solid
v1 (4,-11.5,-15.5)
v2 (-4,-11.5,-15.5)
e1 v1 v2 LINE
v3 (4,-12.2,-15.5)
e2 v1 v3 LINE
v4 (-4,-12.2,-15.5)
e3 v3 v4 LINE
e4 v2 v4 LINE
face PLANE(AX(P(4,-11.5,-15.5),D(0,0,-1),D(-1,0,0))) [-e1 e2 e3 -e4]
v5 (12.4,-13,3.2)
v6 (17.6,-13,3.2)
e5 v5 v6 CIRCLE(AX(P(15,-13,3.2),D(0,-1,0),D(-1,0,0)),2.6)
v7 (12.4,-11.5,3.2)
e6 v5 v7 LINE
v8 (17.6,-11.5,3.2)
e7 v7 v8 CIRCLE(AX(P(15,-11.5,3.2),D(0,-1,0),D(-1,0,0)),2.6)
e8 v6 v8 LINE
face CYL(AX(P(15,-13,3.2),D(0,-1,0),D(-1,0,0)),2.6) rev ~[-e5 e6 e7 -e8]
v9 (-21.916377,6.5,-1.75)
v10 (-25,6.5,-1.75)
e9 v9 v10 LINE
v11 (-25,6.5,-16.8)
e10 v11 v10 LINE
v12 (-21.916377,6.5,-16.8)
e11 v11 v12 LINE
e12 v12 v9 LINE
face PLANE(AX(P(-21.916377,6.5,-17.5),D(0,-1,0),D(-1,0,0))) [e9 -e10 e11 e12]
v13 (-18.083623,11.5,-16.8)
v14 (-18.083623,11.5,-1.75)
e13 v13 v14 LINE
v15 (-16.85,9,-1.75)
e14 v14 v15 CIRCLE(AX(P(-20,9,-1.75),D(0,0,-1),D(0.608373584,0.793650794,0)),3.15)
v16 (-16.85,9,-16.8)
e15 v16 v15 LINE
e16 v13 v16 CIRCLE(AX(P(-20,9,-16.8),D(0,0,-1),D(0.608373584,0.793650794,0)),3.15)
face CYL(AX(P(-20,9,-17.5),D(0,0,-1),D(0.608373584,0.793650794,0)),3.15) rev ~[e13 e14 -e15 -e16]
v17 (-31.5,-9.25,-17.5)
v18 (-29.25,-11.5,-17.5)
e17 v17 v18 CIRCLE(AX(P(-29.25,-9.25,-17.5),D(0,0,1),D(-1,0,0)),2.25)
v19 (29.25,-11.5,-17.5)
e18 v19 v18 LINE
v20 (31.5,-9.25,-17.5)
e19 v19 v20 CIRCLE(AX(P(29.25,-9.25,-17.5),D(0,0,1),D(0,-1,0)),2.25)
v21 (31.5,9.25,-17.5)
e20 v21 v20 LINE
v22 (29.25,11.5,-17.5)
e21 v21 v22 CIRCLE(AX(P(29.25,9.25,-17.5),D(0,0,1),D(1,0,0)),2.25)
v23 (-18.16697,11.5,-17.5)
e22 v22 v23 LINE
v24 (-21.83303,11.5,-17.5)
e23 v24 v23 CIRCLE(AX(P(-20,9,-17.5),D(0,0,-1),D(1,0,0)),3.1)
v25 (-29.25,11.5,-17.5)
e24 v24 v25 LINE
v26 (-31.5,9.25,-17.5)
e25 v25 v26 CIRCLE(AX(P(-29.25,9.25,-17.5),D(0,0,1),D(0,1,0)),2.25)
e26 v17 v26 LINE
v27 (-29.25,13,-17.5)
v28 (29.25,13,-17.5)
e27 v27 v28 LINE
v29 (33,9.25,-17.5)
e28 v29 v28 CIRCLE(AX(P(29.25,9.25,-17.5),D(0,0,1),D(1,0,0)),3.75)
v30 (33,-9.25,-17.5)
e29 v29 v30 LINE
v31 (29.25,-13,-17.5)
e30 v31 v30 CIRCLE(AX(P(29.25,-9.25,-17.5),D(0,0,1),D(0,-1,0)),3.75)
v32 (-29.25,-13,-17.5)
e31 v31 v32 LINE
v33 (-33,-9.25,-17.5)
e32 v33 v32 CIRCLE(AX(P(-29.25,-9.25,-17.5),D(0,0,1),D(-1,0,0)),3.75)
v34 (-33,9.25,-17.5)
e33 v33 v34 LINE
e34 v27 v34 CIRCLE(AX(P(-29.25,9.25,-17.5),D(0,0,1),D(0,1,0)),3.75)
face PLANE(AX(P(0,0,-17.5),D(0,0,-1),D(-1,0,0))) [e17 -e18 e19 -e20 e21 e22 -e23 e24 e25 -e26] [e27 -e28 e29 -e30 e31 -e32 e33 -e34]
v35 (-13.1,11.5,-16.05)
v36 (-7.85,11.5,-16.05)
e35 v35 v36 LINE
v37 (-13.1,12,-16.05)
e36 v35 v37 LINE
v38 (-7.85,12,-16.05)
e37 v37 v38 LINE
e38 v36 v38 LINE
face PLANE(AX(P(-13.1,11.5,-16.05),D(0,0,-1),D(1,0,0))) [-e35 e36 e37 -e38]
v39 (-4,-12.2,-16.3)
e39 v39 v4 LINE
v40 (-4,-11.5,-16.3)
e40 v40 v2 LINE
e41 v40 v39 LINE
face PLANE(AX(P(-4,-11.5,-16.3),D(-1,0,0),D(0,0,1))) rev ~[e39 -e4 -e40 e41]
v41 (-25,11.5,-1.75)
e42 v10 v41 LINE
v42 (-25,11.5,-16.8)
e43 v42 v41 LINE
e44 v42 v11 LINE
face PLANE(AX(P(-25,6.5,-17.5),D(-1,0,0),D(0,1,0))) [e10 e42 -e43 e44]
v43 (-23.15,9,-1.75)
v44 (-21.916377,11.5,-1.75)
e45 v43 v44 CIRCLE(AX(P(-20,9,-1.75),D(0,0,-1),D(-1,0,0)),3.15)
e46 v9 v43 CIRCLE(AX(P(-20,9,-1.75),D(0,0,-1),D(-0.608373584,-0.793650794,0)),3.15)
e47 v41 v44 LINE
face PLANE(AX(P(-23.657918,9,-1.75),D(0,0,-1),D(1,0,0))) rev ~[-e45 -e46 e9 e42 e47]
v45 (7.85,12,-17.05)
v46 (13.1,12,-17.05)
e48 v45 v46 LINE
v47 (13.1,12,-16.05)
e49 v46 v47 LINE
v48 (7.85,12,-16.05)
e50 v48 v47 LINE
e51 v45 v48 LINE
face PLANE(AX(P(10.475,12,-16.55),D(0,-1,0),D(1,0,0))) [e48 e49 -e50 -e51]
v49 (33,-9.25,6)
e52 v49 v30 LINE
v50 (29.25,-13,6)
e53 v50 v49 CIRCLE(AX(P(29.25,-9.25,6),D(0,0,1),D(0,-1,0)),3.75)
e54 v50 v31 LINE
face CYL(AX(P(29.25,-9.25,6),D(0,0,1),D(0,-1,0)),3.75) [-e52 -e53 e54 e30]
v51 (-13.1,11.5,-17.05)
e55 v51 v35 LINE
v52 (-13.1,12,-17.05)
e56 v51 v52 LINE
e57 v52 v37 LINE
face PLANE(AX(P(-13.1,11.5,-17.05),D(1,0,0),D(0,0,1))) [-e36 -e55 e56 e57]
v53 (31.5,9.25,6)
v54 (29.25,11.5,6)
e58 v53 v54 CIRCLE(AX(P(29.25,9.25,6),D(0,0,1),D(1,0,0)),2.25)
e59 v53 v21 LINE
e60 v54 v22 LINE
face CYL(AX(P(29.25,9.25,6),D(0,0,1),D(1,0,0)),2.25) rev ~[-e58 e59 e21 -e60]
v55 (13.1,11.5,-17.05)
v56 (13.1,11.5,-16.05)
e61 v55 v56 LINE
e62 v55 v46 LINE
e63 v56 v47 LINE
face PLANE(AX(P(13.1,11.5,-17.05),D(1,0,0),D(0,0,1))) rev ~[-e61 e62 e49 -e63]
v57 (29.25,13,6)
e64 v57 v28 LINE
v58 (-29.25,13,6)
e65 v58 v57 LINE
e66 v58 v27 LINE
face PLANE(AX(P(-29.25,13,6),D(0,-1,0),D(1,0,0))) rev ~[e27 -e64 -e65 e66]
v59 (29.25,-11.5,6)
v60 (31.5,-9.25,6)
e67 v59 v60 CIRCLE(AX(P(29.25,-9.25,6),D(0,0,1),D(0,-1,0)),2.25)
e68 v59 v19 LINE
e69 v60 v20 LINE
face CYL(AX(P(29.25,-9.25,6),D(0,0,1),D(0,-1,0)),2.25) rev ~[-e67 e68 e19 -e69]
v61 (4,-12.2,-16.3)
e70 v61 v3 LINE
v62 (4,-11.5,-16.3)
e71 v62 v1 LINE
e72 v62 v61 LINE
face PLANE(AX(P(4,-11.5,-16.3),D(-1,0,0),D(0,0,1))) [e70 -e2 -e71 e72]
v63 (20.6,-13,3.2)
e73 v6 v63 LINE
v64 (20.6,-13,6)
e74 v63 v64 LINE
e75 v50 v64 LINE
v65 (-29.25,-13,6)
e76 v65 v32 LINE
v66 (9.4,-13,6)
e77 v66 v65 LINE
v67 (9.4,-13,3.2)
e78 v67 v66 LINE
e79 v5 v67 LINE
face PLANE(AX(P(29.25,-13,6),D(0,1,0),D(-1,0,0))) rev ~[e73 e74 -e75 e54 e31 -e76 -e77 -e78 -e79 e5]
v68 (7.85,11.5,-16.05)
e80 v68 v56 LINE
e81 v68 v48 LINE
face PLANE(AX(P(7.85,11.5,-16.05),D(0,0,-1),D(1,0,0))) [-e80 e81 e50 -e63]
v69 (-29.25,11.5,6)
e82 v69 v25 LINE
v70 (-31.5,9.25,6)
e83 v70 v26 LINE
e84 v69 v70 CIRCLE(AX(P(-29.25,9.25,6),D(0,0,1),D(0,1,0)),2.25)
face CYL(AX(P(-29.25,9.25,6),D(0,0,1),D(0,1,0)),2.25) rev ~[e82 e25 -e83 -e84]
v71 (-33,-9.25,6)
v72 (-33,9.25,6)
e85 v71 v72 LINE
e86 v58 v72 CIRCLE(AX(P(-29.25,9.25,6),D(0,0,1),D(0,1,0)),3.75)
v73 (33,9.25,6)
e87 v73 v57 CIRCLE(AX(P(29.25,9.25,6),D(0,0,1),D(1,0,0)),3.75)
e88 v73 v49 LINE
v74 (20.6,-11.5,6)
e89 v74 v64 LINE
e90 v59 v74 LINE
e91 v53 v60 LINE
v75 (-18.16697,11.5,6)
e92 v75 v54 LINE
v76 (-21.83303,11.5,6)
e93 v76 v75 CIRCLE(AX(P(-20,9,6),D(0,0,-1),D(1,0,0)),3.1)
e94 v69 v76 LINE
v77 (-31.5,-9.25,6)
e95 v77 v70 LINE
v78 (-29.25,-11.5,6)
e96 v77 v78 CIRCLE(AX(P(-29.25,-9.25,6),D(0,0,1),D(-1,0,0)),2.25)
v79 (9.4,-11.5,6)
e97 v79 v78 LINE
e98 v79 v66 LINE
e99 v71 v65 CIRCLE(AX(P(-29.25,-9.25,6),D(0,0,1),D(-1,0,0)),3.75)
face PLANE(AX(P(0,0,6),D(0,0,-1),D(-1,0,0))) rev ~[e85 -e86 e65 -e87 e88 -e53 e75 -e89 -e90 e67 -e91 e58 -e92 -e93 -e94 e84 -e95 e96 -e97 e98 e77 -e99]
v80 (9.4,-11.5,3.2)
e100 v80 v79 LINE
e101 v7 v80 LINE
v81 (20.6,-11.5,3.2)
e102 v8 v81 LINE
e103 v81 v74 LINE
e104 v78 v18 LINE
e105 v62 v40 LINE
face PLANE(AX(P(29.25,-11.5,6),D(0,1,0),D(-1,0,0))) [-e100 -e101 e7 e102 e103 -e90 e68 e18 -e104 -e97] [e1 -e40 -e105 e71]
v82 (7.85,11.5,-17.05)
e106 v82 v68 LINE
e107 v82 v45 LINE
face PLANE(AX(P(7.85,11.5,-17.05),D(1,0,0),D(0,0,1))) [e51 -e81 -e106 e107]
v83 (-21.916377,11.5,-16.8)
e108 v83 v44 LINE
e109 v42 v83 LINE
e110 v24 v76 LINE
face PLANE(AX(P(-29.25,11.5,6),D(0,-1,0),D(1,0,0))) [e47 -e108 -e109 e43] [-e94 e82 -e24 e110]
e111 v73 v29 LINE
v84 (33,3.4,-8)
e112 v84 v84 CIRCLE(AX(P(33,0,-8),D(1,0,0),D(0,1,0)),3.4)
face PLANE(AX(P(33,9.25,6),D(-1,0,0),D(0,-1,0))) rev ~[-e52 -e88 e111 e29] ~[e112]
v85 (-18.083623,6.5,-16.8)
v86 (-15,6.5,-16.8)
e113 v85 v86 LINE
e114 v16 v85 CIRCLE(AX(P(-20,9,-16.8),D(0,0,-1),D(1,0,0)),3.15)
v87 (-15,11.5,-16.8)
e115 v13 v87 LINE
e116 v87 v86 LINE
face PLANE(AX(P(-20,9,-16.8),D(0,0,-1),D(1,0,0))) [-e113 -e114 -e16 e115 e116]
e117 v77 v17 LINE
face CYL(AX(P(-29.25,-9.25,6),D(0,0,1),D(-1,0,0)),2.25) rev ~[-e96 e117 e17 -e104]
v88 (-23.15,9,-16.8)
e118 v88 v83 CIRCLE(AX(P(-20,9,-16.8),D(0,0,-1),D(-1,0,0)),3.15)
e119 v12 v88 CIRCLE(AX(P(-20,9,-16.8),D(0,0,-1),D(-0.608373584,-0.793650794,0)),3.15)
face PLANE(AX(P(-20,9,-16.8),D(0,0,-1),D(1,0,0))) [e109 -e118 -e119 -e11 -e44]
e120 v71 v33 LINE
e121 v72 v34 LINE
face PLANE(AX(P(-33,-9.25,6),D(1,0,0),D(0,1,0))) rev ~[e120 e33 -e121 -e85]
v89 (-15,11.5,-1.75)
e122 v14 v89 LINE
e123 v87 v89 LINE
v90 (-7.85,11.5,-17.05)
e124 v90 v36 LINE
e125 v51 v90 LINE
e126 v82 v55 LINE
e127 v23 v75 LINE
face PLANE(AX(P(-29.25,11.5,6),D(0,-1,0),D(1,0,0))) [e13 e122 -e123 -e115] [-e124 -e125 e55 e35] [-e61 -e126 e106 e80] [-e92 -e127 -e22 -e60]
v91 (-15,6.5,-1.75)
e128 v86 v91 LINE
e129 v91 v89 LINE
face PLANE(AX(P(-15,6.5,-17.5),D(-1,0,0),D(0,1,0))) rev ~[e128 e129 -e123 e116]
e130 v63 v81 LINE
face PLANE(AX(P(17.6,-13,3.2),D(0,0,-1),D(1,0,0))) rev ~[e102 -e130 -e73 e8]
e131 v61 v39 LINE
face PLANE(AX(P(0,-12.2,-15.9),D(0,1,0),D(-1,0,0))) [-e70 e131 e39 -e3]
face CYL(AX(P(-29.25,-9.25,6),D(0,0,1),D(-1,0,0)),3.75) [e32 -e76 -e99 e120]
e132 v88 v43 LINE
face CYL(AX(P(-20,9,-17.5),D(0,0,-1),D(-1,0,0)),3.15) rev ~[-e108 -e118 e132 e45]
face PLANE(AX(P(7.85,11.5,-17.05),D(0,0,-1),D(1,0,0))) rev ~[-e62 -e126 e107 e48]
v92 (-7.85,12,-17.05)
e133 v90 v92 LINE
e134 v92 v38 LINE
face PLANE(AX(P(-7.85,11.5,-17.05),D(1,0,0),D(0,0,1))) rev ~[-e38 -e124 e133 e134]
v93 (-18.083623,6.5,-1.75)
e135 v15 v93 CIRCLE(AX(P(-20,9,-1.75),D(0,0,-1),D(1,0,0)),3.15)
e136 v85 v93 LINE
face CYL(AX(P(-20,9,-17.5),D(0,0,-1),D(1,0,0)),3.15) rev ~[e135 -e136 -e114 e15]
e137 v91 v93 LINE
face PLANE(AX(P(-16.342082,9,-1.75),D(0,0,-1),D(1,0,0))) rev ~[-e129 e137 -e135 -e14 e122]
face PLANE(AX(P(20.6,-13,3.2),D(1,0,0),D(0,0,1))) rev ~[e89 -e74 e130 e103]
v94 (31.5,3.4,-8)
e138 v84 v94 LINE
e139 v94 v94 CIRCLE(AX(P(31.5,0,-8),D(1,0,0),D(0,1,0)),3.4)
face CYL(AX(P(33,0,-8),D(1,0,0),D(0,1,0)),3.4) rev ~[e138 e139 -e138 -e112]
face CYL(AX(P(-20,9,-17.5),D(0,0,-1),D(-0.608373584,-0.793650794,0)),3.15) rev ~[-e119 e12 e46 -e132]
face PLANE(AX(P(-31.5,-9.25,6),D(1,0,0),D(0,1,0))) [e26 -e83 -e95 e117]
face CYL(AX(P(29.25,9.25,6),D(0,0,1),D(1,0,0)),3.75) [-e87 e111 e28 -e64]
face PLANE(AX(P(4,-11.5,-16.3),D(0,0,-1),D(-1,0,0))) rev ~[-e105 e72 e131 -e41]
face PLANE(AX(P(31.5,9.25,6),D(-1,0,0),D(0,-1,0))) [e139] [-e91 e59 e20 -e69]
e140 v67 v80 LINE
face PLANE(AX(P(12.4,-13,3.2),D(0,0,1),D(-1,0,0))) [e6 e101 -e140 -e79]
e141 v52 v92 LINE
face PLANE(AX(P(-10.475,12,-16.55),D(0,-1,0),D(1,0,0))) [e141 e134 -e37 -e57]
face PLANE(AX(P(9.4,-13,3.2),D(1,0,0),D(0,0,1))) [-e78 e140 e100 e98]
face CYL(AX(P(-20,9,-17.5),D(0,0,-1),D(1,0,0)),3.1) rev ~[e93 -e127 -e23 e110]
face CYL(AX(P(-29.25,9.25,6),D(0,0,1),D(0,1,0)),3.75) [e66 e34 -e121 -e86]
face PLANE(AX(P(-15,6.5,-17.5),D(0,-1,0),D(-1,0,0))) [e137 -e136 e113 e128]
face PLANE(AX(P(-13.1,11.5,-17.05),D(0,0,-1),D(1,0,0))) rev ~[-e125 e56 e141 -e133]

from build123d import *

# Parameters (mm, degrees)
PAD_DEPTH       = 23.5
SKETCH014_W     = 8
SKETCH014_H     = 0.8
POCKET001_DEPTH = 0.7
SKETCH015_W     = 5.25
SKETCH015_H     = 1
POCKET002_DEPTH = 0.5
SKETCH020_R     = 3.4
POCKET005_DEPTH = 1.5
POCKET006_DEPTH = 1.5
SKETCH025_R     = 3.1
POCKET008_DEPTH = 23.5
PAD015_DEPTH    = 15.75
SKETCH029_W     = 10
SKETCH029_H     = 5
POCKET009_DEPTH = 0.7


with BuildPart() as part:
    # Sketch → Pad (new body)
    with BuildSketch(Plane.XY.offset(6)):
        with BuildLine():
            Line((-29.25, 13), (29.25, 13))
            ThreePointArc((33, 9.25), (31.9016504294, 11.9016504294), (29.25, 13))
            Line((33, 9.25), (33, -9.25))
            ThreePointArc((29.25, -13), (31.9016504295, -11.9016504294), (33, -9.25))
            Line((29.25, -13), (-29.25, -13))
            ThreePointArc((-33, -9.25), (-31.9016504294, -11.9016504295), (-29.25, -13))
            Line((-33, -9.25), (-33, 9.25))
            ThreePointArc((-29.25, 13), (-31.9016504294, 11.9016504294), (-33, 9.25))
        make_face()
        with BuildLine():
            Line((-29.25, 11.5), (29.25, 11.5))
            ThreePointArc((31.5, 9.25), (30.8409902577, 10.8409902577), (29.25, 11.5))
            Line((31.5, 9.25), (31.5, -9.25))
            ThreePointArc((29.25, -11.5), (30.8409902577, -10.8409902577), (31.5, -9.25))
            Line((29.25, -11.5), (-29.25, -11.5))
            ThreePointArc((-31.5, -9.25), (-30.8409902577, -10.8409902577), (-29.25, -11.5))
            Line((-31.5, -9.25), (-31.5, 9.25))
            ThreePointArc((-29.25, 11.5), (-30.8409902577, 10.8409902577), (-31.5, 9.25))
        make_face(mode=Mode.SUBTRACT)
    extrude(amount=-PAD_DEPTH)

    # Sketch014 → Pocket001 (cut)
    with BuildSketch(Plane(origin=(0, -11.5, 6), x_dir=(-1, 0, 0), z_dir=(0, 1, 0))):
        with Locations((0, -21.9)):
            Rectangle(SKETCH014_W, SKETCH014_H)
    extrude(amount=-POCKET001_DEPTH, mode=Mode.SUBTRACT)

    # Sketch015 → Pocket002 (cut)
    with BuildSketch(Plane(origin=(0, 11.5, 6), x_dir=(1, 0, 0), z_dir=(0, -1, 0))):
        with Locations((-10.475, -22.55)):
            Rectangle(SKETCH015_W, SKETCH015_H)
        with Locations((10.475, -22.55)):
            Rectangle(SKETCH015_W, SKETCH015_H)
    extrude(amount=-POCKET002_DEPTH, mode=Mode.SUBTRACT)

    # Sketch020 → Pocket005 (cut)
    with BuildSketch(Plane(origin=(33, 0, 6), x_dir=(0, 1, 0), z_dir=(1, 0, 0))):
        with Locations((0, -14)):
            Circle(SKETCH020_R)
    extrude(amount=-POCKET005_DEPTH, mode=Mode.SUBTRACT)

    # Sketch022 → Pocket006 (cut)
    with BuildSketch(Plane(origin=(0, -13, 6), x_dir=(1, 0, 0), z_dir=(0, -1, 0))):
        with BuildLine():
            ThreePointArc((12.4, -2.8), (15, -5.4), (17.6, -2.8))
            Line((17.6, -2.8), (20.6, -2.8))
            Line((20.6, -2.8), (20.6, 0.1))
            Line((9.4, 0.1), (20.6, 0.1))
            Line((9.4, -2.8), (9.4, 0.1))
            Line((12.4, -2.8), (9.4, -2.8))
        make_face()
    extrude(amount=-POCKET006_DEPTH, mode=Mode.SUBTRACT)

    # Sketch025 → Pocket008 (cut)
    with BuildSketch(Plane(origin=(0, 0, -17.5), x_dir=(1, 0, 0), z_dir=(0, 0, -1))):
        with Locations((-20, -9)):
            Circle(SKETCH025_R)
    extrude(amount=-POCKET008_DEPTH, mode=Mode.SUBTRACT)

    # Sketch026 → Pad015 (new body)
    with BuildSketch(Plane(origin=(0, 0, -17.5), x_dir=(1, 0, 0), z_dir=(0, 0, -1))):
        with BuildLine():
            Line((-15, -6.5), (-18.0836232103, -6.5))
            ThreePointArc((-16.85, -9), (-17.1751914324, -7.6061002345), (-18.0836232103, -6.5))
            ThreePointArc((-18.0836232103, -11.5), (-17.1751914324, -10.3938997655), (-16.85, -9))
            Line((-18.0836232103, -11.5), (-15, -11.5))
            Line((-15, -6.5), (-15, -11.5))
        make_face()
        with BuildLine():
            Line((-25, -11.5), (-21.9163767897, -11.5))
            ThreePointArc((-23.15, -9), (-22.8248085676, -10.3938997655), (-21.9163767897, -11.5))
            ThreePointArc((-21.9163767897, -6.5), (-22.8248085676, -7.6061002345), (-23.15, -9))
            Line((-21.9163767897, -6.5), (-25, -6.5))
            Line((-25, -6.5), (-25, -11.5))
        make_face()
    extrude(amount=-PAD015_DEPTH)

    # Sketch029 → Pocket009 (cut)
    with BuildSketch(Plane(origin=(0, 0, -17.5), x_dir=(1, 0, 0), z_dir=(0, 0, -1))):
        with Locations((-20, -9)):
            Rectangle(SKETCH029_W, SKETCH029_H)
    extrude(amount=-POCKET009_DEPTH, mode=Mode.SUBTRACT)


solid = part.part
